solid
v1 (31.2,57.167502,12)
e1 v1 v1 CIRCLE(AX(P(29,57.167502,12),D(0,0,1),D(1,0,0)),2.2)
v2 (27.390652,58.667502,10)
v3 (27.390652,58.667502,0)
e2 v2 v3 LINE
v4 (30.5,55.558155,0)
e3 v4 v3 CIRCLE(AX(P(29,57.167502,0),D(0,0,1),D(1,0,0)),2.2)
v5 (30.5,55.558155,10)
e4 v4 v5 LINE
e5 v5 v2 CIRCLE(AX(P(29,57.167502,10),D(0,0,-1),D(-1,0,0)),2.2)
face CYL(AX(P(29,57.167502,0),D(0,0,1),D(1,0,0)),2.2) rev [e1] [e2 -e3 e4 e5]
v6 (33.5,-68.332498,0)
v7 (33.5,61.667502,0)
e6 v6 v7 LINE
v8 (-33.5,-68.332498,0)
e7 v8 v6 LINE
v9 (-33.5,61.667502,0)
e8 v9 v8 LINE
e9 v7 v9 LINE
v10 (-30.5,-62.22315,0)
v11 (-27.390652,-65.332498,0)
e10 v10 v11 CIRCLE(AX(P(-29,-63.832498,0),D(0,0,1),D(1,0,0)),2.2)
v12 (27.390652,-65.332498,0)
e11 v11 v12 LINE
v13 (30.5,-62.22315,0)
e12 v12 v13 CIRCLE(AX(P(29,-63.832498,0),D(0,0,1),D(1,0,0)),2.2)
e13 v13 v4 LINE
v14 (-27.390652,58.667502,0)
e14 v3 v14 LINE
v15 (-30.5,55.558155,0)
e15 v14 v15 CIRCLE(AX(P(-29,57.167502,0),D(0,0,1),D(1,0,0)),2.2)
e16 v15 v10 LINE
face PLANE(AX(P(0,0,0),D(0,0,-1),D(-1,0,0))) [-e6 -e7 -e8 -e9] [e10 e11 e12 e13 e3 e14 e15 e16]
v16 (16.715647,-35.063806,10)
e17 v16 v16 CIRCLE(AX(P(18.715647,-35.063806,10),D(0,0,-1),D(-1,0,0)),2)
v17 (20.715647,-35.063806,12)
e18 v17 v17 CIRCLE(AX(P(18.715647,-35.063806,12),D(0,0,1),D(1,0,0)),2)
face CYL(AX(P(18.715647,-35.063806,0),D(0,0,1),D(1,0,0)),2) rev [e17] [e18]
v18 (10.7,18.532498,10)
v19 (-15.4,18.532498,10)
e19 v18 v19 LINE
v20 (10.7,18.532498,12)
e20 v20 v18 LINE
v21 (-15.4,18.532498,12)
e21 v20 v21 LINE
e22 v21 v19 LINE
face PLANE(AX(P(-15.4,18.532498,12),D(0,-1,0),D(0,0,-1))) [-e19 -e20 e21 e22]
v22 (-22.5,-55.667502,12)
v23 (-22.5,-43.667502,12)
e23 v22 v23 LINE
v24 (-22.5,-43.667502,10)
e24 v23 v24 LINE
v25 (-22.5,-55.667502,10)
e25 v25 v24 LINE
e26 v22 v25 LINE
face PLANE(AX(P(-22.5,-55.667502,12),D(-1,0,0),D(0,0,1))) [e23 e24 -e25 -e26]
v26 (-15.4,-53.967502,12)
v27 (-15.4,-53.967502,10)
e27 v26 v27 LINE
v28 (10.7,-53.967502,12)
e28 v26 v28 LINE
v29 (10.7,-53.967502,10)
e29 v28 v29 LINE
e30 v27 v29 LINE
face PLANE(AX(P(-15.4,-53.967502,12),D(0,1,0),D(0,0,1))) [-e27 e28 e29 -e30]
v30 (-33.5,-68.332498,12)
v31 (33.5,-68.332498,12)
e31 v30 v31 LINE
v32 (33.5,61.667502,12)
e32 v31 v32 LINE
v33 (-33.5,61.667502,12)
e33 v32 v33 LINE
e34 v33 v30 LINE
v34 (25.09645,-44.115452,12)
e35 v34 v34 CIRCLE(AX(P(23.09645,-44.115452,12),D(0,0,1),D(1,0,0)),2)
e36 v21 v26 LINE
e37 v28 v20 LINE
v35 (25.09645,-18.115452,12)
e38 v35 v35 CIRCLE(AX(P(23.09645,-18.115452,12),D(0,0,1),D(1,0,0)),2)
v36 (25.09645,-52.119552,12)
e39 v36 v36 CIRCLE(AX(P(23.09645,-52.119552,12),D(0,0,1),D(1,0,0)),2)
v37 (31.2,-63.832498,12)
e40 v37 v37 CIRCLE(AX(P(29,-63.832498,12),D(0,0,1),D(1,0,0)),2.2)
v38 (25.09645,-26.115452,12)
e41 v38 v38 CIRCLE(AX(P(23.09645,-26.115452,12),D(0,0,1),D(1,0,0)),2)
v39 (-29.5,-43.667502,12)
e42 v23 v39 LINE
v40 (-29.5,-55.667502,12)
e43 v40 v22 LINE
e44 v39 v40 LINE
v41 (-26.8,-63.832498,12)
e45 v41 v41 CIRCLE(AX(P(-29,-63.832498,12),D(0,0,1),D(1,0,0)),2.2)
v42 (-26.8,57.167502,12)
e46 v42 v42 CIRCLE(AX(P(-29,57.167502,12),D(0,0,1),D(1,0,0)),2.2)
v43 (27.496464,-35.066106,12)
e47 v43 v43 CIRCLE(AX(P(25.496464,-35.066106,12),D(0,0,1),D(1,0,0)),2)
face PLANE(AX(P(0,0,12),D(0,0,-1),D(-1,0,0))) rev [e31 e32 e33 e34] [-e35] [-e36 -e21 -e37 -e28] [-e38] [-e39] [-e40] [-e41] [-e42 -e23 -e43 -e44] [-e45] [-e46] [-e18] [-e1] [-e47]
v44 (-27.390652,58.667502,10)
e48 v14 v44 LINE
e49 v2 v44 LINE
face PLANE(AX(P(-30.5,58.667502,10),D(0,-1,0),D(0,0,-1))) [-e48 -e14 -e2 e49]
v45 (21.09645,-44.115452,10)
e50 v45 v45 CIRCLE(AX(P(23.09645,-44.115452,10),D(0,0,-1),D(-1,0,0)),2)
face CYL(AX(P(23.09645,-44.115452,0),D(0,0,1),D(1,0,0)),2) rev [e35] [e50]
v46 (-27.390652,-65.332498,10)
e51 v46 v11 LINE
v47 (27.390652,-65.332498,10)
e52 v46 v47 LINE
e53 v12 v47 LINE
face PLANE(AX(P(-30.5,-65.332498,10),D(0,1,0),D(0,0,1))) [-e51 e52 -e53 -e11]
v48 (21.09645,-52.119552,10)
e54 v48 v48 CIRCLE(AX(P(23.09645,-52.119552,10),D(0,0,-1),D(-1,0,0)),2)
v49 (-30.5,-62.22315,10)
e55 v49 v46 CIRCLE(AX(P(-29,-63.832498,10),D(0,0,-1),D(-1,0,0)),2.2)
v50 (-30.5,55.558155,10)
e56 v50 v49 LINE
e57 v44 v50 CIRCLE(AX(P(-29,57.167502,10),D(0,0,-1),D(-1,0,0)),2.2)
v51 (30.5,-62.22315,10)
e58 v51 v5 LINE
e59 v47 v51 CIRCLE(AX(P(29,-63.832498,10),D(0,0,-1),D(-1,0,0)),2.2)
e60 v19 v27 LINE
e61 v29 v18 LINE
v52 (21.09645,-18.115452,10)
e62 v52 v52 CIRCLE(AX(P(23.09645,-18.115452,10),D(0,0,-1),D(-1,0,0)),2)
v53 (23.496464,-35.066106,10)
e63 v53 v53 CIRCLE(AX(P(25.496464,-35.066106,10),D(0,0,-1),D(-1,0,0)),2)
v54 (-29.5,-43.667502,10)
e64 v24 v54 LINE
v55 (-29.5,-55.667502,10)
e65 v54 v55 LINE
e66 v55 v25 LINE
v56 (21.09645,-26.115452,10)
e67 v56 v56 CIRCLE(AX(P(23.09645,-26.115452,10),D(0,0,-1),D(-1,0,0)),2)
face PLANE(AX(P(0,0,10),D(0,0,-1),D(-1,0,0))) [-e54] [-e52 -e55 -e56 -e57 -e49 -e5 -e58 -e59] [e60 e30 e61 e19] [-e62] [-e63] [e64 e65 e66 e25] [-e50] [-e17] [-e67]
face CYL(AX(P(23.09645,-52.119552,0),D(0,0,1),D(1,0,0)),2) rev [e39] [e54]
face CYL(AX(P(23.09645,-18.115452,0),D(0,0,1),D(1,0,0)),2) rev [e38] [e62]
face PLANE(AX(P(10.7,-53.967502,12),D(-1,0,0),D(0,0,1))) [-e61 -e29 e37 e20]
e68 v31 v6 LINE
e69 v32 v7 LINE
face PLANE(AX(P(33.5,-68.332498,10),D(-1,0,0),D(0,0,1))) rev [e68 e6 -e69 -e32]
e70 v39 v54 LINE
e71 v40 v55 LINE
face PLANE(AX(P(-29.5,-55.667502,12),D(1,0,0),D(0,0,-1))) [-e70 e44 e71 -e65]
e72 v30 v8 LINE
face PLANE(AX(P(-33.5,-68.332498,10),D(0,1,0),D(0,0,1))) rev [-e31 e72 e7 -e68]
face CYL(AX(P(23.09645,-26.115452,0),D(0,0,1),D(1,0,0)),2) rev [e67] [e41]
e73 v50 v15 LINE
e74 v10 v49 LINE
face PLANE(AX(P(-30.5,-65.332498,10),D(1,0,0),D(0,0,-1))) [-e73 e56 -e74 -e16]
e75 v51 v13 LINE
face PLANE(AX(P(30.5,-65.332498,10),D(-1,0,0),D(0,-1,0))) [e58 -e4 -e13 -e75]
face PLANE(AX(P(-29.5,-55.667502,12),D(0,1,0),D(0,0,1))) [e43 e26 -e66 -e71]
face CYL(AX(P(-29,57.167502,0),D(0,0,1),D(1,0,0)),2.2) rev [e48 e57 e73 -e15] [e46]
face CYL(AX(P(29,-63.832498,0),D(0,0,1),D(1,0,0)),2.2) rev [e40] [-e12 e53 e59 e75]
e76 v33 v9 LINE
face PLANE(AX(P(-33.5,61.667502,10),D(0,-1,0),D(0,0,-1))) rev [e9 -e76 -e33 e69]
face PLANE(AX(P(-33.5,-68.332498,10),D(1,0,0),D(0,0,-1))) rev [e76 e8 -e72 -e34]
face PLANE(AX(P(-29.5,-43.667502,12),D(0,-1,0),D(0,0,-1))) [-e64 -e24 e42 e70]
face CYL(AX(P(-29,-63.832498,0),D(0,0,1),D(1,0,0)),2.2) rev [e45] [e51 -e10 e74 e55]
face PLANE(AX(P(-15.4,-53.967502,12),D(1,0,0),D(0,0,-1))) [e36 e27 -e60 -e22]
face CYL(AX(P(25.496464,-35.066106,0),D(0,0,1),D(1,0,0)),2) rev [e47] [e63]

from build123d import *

# Parameters (mm, degrees)
SKETCH1_W           = 67
SKETCH1_H           = 130
SKETCH1_W_2         = 61
SKETCH1_H_2         = 124
BOSS_EXTRUDE1_DEPTH = 10
SKETCH2_W           = 67
SKETCH2_H           = 130
SKETCH2_W_2         = 26.1
SKETCH2_H_2         = 72.5
SKETCH2_W_3         = 7
SKETCH2_H_3         = 11.999999998
BOSS_EXTRUDE2_DEPTH = 2
SKETCH3_R           = 2
CUT_EXTRUDE1_DEPTH  = 78.042717027
SKETCH4_R           = 2.2
CUT_EXTRUDE2_DEPTH  = 78.042717027


with BuildPart() as part:
    # Sketch1 → Boss-Extrude1 (new body)
    with BuildSketch(Plane.XY):
        with Locations((0, -3.332497736)):
            Rectangle(SKETCH1_W, SKETCH1_H)
        with Locations((0, -3.332497736)):
            Rectangle(SKETCH1_W_2, SKETCH1_H_2, mode=Mode.SUBTRACT)
    extrude(amount=BOSS_EXTRUDE1_DEPTH)

    # Sketch2 → Boss-Extrude2 (add)
    with BuildSketch(Plane.XY.offset(10)):
        with Locations((0, -3.332497736)):
            Rectangle(SKETCH2_W, SKETCH2_H)
        with Locations((-2.35, -17.717502264)):
            Rectangle(SKETCH2_W_2, SKETCH2_H_2, mode=Mode.SUBTRACT)
        with Locations((-26, -49.667502265)):
            Rectangle(SKETCH2_W_3, SKETCH2_H_3, mode=Mode.SUBTRACT)
    extrude(amount=BOSS_EXTRUDE2_DEPTH)

    # Sketch3 → Cut-Extrude1 (cut, through all)
    with BuildSketch(Plane.XY.offset(12)):
        with Locations((23.09645, -52.119552264)):
            Circle(SKETCH3_R)
        with Locations((23.09645, -44.115452264)):
            Circle(SKETCH3_R)
        with Locations((18.715647246, -35.063805606)):
            Circle(SKETCH3_R)
        with Locations((23.09645, -26.115452264)):
            Circle(SKETCH3_R)
        with Locations((23.09645, -18.115452264)):
            Circle(SKETCH3_R)
        with Locations((25.496463554, -35.066106361)):
            Circle(SKETCH3_R)
    extrude(amount=-CUT_EXTRUDE1_DEPTH, mode=Mode.SUBTRACT)

    # Sketch4 → Cut-Extrude2 (cut, through all)
    with BuildSketch(Plane.XY.offset(12)):
        with Locations((-29, 57.167502264)):
            Circle(SKETCH4_R)
        with Locations((29, 57.167502264)):
            Circle(SKETCH4_R)
        with Locations((-29, -63.832497736)):
            Circle(SKETCH4_R)
        with Locations((29, -63.832497736)):
            Circle(SKETCH4_R)
    extrude(amount=-CUT_EXTRUDE2_DEPTH, mode=Mode.SUBTRACT)


solid = part.part
